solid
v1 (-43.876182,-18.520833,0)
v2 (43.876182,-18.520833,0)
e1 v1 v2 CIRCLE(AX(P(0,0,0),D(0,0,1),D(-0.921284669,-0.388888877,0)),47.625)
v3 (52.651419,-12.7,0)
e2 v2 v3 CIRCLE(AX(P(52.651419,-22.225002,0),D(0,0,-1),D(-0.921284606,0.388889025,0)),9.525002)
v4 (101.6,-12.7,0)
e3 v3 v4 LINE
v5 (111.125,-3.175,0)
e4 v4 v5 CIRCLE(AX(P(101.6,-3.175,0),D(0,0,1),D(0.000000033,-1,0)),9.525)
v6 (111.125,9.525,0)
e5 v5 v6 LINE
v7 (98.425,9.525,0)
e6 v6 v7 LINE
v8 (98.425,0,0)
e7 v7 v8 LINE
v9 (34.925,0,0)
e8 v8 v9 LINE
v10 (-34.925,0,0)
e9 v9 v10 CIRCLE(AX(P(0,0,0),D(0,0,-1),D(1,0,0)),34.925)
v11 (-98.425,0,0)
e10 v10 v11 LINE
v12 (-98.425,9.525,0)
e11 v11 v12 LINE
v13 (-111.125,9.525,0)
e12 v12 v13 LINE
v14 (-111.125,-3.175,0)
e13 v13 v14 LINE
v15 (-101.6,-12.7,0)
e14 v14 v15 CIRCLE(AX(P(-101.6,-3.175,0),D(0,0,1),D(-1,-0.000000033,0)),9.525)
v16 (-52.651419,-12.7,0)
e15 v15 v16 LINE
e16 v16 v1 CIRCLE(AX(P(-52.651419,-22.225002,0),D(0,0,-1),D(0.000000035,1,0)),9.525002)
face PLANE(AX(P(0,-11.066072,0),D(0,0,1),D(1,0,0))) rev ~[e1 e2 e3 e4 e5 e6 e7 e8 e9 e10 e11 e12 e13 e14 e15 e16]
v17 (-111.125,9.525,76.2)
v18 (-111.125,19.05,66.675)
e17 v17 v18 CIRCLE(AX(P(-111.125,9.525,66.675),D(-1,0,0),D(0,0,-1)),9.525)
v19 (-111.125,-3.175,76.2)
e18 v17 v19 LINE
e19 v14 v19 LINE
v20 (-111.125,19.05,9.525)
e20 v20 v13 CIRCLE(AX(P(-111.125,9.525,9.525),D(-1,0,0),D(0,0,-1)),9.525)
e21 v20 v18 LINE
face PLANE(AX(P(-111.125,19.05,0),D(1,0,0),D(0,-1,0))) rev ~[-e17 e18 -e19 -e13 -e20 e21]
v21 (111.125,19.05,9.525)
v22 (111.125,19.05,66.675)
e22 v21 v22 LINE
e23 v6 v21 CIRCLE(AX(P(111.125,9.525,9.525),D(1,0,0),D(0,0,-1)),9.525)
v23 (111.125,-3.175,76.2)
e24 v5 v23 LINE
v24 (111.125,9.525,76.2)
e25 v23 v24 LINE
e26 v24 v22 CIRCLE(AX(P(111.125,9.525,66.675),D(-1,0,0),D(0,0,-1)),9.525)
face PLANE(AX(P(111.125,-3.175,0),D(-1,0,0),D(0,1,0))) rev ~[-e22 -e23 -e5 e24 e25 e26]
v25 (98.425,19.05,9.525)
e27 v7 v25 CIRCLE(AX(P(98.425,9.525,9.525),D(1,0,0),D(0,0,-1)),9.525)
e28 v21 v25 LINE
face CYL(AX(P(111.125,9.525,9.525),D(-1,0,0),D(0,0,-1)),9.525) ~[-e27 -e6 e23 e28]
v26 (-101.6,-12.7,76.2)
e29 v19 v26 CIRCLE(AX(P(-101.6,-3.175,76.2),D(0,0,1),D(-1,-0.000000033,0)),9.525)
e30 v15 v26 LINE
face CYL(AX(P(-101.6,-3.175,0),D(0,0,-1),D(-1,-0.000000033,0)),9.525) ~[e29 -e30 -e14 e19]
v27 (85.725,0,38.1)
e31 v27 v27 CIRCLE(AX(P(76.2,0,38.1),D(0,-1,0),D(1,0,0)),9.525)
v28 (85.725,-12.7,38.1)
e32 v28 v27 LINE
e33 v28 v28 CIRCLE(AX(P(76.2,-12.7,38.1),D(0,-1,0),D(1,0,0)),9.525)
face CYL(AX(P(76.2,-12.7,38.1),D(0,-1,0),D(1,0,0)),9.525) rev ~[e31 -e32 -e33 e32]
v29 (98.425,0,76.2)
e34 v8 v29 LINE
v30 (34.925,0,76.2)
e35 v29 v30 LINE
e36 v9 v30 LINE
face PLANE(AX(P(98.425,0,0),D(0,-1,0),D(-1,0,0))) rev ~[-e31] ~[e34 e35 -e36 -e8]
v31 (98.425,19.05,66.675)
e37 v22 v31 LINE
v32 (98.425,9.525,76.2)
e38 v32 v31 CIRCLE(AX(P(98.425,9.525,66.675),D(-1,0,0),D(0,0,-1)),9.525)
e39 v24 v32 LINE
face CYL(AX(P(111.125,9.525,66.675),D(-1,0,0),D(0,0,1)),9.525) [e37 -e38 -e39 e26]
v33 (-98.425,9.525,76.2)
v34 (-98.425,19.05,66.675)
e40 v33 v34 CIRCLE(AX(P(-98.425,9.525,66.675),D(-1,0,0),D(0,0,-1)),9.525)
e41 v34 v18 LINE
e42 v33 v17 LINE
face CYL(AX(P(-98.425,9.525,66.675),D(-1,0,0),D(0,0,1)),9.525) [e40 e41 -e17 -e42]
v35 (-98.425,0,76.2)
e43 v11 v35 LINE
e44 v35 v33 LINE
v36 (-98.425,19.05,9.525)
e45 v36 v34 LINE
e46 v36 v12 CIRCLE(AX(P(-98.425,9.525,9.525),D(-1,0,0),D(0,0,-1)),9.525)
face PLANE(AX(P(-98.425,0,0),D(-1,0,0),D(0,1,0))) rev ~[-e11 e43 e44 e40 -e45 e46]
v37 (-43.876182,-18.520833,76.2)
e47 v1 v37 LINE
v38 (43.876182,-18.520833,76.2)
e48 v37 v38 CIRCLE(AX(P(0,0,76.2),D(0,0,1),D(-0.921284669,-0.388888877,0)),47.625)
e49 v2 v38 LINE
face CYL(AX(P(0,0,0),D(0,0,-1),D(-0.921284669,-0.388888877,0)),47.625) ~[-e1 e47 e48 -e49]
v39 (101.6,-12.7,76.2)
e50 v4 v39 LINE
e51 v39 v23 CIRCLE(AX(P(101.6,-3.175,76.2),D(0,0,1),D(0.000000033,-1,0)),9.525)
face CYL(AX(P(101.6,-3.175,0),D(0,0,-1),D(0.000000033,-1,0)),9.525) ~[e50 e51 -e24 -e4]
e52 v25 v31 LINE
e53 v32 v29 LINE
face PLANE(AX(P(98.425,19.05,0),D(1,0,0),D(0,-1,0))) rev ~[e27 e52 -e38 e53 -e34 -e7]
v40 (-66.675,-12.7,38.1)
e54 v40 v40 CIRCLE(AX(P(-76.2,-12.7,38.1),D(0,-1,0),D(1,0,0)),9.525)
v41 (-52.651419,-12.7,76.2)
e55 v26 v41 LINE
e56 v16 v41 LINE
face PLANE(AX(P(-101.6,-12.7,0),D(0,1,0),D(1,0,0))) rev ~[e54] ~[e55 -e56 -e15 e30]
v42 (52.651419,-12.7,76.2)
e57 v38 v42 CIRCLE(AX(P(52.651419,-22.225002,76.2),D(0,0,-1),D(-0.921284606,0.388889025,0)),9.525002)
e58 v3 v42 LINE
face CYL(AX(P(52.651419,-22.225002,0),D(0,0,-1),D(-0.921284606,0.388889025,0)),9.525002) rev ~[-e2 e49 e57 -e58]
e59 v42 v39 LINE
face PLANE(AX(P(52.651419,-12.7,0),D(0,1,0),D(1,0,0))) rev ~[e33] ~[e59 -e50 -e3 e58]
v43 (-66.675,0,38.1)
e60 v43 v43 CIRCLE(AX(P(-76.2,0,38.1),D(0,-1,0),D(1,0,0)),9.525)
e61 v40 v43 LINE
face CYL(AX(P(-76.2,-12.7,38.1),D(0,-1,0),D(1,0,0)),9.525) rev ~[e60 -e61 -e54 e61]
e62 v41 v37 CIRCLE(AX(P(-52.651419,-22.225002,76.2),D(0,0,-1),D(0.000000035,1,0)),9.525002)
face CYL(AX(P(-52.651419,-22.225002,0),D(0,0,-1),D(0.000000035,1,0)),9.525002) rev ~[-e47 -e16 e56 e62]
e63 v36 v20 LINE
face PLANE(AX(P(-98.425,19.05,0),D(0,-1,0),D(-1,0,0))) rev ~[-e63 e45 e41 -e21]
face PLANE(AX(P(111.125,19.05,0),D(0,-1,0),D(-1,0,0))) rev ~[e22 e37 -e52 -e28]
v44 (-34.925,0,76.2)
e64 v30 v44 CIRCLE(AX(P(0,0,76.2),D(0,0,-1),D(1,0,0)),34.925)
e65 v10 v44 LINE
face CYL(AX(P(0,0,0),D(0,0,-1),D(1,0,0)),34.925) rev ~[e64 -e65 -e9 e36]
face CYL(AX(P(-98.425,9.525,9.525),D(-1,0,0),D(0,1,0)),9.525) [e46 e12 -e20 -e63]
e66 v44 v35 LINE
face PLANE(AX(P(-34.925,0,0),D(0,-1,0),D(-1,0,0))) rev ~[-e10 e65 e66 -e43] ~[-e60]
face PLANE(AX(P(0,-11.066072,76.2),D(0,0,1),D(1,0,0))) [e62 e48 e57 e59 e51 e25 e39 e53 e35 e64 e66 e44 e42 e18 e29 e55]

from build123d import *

# Parameters (mm, degrees)
F1_DEPTH = 76.2
F2_R     = 9.525
F3_DEPTH = 25.4
F4_R     = 9.525
F5_R     = 9.525
F6_R     = 9.525


with BuildPart() as f1:
    # F0 (on Top) → F1 (new body)
    with BuildSketch(Plane.XY):
        with BuildLine():
            ThreePointArc((-52.651419, -12.7), (-47.386277, -14.2875), (-43.876182, -18.520833))
            ThreePointArc((-43.876182, -18.520833), (0, -47.625), (43.876182, -18.520833))
            ThreePointArc((43.876182, -18.520833), (47.386277, -14.2875), (52.651419, -12.7))
            Line((52.651419, -12.7), (101.6, -12.7))
            ThreePointArc((101.6, -12.7), (108.335192, -9.910192), (111.125, -3.175))
            Line((111.125, -3.175), (111.125, 0))
            Line((111.125, 0), (111.125, 19.05))
            Line((111.125, 19.05), (98.425, 19.05))
            Line((98.425, 19.05), (98.425, 0))
            Line((98.425, 0), (47.625, 0))
            Line((47.625, 0), (34.925, 0))
            ThreePointArc((34.925, 0), (0, -34.925), (-34.925, 0))
            Line((-34.925, 0), (-47.625, 0))
            Line((-47.625, 0), (-98.425, 0))
            Line((-98.425, 0), (-98.425, 19.05))
            Line((-98.425, 19.05), (-111.125, 19.05))
            Line((-111.125, 19.05), (-111.125, 0))
            Line((-111.125, 0), (-111.125, -3.175))
            ThreePointArc((-111.125, -3.175), (-108.335192, -9.910192), (-101.6, -12.7))
            Line((-101.6, -12.7), (-52.651419, -12.7))
        make_face()
    extrude(amount=F1_DEPTH)

    # F2 (on face) → F3 (cut)
    with BuildSketch(Plane.XZ.offset(12.7)):
        with Locations((-76.2, 38.1)):
            Circle(F2_R)
        with Locations((76.2, 38.1)):
            Circle(F2_R)
    extrude(amount=-F3_DEPTH, mode=Mode.SUBTRACT)

    # F4
    f4_edges = [f1.edges().sort_by_distance(p)[0] for p in [
        (104.775, 19.05, 76.2),
    ]]
    fillet(f4_edges, radius=F4_R)

    # F5
    f5_edges = [f1.edges().sort_by_distance(p)[0] for p in [
        (-104.775, 19.05, 76.2),
    ]]
    fillet(f5_edges, radius=F5_R)

    # F6
    f6_edges = [f1.edges().sort_by_distance(p)[0] for p in [
        (104.775, 19.05, 0),
        (-104.775, 19.05, 0),
    ]]
    fillet(f6_edges, radius=F6_R)


solid = f1.part
